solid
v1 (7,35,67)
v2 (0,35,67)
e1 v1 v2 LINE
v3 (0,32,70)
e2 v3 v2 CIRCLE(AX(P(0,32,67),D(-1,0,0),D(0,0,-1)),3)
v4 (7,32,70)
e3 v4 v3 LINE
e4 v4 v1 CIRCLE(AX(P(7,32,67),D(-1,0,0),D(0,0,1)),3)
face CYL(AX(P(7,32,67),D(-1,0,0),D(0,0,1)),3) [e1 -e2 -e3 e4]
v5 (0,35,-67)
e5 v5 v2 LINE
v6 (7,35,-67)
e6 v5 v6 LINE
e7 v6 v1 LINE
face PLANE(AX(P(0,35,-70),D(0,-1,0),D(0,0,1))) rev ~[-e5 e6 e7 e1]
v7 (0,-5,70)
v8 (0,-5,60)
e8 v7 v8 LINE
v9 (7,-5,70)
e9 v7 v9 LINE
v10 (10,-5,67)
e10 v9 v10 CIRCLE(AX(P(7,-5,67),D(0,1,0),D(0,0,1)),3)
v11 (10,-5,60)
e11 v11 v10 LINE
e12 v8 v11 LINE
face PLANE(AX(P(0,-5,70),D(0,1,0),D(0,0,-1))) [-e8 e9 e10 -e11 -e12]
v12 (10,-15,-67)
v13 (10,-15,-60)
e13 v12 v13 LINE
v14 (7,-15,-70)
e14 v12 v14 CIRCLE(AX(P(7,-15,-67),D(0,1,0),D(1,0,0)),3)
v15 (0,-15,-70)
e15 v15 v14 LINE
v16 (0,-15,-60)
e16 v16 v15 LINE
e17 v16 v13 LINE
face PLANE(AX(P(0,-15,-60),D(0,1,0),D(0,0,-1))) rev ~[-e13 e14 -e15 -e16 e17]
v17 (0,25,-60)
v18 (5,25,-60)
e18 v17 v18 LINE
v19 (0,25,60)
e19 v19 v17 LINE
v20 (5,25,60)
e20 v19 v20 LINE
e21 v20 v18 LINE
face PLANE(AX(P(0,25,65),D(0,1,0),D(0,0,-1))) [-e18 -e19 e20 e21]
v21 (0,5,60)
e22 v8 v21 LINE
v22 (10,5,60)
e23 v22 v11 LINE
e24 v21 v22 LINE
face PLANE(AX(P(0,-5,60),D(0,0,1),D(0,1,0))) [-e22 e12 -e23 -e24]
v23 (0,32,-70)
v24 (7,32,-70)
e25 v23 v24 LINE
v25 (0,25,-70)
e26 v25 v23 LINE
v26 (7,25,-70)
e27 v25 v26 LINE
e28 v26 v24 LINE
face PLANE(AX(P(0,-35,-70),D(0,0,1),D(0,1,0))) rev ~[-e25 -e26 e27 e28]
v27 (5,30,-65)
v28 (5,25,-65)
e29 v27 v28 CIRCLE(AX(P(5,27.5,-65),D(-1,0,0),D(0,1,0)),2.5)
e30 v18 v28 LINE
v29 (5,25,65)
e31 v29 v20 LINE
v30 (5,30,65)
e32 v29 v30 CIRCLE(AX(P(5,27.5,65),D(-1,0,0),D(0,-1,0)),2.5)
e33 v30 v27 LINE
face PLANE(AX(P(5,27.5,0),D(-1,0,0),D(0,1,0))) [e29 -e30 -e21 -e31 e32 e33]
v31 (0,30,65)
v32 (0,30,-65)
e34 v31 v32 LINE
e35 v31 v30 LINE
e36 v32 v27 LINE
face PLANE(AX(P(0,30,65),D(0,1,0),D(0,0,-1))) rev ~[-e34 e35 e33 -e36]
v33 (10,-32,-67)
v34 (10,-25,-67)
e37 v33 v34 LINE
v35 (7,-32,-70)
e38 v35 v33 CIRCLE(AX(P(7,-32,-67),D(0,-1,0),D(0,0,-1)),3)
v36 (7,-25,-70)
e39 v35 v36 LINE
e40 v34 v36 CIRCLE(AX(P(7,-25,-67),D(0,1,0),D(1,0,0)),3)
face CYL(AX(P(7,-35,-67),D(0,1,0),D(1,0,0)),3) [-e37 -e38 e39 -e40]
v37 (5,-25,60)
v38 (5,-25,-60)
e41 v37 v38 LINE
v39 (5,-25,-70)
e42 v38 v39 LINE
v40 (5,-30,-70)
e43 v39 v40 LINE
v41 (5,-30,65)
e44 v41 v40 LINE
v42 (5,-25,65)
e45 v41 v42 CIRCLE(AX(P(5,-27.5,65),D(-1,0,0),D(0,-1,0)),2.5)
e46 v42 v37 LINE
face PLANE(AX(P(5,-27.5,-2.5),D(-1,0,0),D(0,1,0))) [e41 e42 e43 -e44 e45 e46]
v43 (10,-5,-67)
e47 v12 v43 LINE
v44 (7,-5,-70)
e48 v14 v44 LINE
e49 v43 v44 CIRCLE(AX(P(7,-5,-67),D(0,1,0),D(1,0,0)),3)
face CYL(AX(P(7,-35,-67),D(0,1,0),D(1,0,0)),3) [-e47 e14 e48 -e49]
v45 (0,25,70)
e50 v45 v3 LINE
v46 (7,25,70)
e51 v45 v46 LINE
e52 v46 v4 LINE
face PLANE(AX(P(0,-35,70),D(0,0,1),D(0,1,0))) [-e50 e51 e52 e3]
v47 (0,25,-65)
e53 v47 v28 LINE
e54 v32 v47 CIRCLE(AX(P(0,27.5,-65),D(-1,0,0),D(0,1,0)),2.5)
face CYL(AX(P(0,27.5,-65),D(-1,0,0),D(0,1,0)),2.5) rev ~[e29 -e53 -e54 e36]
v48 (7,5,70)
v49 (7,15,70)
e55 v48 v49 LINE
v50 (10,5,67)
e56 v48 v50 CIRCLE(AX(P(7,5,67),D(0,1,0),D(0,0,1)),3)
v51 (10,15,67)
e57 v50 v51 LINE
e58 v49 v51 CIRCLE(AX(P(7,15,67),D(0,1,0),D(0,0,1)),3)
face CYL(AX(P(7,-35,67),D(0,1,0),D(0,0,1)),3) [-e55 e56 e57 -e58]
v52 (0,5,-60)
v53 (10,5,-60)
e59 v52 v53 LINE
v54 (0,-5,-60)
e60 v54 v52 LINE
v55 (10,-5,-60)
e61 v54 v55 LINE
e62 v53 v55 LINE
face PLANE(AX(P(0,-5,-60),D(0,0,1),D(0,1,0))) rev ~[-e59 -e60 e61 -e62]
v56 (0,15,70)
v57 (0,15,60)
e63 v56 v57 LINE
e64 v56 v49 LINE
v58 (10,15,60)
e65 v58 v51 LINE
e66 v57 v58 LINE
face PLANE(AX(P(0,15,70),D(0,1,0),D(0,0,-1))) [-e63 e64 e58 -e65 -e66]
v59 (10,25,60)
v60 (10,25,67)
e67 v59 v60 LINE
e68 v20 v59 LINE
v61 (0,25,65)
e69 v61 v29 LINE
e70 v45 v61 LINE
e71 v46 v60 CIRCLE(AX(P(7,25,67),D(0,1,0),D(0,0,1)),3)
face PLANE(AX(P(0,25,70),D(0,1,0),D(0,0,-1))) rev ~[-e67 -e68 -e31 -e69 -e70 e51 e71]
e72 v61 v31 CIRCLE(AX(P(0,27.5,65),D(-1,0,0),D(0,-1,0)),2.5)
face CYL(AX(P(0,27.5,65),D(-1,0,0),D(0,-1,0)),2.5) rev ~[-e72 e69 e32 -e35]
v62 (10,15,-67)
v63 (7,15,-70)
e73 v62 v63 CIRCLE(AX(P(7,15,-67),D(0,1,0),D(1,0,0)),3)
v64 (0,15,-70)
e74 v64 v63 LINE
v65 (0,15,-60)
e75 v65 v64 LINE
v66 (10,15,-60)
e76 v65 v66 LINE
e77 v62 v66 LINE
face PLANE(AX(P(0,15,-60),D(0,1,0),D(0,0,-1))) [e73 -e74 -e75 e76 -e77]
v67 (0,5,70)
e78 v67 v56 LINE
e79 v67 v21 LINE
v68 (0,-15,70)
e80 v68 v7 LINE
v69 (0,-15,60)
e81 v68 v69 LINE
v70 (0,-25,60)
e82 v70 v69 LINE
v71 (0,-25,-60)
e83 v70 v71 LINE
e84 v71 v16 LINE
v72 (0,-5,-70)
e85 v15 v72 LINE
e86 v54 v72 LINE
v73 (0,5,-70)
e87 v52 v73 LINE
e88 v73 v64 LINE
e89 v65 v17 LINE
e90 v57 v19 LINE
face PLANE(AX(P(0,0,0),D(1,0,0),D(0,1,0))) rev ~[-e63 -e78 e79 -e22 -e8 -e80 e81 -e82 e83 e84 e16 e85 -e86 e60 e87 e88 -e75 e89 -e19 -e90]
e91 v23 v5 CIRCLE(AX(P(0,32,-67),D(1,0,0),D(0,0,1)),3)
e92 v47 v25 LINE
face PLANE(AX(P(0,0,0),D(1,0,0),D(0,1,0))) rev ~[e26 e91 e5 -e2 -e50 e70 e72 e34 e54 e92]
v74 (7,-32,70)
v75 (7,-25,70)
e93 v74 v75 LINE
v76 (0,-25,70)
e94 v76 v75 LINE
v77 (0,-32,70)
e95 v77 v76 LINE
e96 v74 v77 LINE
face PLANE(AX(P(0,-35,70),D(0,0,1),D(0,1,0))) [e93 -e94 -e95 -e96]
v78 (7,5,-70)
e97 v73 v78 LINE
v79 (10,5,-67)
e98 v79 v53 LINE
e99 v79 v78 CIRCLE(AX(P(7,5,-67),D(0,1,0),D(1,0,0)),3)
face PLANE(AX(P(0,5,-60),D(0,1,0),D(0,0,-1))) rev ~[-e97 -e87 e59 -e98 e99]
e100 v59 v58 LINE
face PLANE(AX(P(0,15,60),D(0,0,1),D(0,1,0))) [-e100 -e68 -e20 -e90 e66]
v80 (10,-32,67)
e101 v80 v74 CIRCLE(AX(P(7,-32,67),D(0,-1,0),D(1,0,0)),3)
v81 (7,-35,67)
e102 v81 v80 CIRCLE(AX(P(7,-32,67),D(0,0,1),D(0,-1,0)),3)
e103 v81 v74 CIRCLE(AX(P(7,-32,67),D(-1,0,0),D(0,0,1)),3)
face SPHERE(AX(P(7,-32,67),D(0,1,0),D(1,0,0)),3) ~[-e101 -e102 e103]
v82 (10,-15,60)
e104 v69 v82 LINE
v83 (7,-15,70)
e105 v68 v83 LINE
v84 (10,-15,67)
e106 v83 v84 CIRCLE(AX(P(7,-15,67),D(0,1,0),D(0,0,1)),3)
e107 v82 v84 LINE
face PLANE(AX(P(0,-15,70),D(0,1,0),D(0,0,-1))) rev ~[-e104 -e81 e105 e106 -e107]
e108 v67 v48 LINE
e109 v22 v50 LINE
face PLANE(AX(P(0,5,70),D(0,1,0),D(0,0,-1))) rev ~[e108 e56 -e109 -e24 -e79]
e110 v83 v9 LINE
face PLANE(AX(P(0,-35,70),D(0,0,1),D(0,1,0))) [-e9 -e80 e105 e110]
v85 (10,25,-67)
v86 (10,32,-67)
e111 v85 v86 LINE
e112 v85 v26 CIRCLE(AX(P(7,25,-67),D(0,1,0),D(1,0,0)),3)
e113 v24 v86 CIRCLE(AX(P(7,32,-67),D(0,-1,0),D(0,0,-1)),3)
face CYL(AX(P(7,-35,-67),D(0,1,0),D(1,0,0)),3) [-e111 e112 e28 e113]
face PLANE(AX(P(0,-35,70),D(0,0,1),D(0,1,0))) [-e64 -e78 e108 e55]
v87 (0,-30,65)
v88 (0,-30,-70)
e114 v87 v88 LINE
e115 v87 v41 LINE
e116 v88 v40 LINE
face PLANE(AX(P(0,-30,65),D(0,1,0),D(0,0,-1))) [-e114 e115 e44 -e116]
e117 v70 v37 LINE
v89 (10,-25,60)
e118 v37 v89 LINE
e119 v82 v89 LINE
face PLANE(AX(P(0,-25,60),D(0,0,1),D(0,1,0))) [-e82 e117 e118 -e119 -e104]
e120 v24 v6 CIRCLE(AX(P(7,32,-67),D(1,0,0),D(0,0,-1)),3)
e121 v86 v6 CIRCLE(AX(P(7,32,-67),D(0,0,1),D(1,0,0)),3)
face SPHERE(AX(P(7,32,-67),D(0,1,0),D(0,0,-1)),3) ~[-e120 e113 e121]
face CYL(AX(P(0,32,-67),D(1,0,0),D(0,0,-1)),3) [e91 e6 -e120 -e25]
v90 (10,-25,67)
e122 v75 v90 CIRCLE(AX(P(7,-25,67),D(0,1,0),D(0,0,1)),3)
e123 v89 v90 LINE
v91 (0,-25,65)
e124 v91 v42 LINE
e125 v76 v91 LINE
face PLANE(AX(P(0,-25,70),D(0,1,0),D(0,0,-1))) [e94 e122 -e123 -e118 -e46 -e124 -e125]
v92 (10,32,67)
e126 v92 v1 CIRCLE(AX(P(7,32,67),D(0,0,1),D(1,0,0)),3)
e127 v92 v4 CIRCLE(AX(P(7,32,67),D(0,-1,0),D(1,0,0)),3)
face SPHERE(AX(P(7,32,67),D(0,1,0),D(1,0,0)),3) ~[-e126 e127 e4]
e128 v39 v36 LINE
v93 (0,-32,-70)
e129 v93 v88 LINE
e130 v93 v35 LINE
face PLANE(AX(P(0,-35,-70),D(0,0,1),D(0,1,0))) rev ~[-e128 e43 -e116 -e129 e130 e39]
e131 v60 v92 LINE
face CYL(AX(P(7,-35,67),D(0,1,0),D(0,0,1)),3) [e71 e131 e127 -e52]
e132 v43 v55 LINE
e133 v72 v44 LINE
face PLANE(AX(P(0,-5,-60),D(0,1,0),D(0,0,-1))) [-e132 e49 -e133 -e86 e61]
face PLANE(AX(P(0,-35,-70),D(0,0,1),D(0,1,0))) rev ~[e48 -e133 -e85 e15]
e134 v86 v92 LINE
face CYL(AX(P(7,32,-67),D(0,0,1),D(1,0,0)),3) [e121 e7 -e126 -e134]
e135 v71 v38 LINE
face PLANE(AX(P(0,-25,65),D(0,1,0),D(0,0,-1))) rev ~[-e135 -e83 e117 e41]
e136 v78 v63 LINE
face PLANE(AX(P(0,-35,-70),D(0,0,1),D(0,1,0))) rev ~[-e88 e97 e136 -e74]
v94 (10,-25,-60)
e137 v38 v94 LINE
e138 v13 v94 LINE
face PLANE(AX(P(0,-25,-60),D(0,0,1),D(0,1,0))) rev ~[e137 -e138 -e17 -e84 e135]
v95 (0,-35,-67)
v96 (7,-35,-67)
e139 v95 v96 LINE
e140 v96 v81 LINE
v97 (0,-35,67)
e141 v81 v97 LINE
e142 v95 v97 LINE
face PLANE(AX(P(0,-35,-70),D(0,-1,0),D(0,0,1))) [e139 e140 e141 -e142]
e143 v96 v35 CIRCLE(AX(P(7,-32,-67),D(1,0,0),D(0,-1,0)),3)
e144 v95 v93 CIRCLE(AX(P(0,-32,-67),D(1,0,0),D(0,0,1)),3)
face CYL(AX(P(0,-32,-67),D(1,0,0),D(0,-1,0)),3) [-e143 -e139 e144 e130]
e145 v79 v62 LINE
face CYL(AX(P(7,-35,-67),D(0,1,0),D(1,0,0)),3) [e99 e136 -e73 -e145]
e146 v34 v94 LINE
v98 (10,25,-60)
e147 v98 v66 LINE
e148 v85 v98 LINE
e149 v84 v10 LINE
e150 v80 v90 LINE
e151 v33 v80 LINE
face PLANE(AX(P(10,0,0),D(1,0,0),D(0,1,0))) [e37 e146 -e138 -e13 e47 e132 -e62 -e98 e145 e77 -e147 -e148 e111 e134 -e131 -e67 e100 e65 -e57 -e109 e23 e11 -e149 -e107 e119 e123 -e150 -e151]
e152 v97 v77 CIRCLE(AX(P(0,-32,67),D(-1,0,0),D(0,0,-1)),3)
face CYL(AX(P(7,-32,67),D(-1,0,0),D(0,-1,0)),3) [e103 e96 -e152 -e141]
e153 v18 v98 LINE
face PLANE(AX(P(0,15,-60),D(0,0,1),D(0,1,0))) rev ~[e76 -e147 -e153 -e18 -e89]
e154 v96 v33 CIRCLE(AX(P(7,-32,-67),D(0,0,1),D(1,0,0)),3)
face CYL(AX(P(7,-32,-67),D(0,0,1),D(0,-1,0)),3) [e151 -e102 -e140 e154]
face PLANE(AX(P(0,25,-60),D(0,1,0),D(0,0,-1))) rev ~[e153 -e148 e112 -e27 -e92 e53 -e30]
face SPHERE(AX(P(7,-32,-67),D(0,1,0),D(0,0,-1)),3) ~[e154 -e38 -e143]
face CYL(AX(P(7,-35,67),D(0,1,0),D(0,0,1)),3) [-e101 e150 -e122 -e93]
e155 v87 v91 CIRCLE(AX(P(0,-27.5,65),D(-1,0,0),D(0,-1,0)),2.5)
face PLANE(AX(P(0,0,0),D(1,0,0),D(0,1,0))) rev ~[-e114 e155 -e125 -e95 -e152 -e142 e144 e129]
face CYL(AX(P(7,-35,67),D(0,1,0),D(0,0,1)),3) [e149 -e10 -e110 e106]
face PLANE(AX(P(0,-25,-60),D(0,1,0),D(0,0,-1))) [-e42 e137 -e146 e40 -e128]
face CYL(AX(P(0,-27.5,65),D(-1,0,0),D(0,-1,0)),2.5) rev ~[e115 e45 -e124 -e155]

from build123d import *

# Parameters (mm, degrees)
SKETCH_W        = 70
SKETCH_H        = 140
PAD_DEPTH       = 10
FILLET_R        = 3
FILLET001_R     = 3
SKETCH001_W     = 10
SKETCH001_H     = 10
POCKET_DEPTH    = 10.001
POCKET001_DEPTH = 5
FILLET002_R     = 3
FILLET003_R     = 3


with BuildPart() as part:
    # Sketch → Pad (new body)
    with BuildSketch(Plane.YZ):
        Rectangle(SKETCH_W, SKETCH_H)
    extrude(amount=PAD_DEPTH)

    # Fillet
    fillet_edges = [part.edges().sort_by_distance(p)[0] for p in [
        (10, 0, 70),
    ]]
    fillet(fillet_edges, radius=FILLET_R)

    # Fillet001
    fillet001_edges = [part.edges().sort_by_distance(p)[0] for p in [
        (10, 0, -70),
    ]]
    fillet(fillet001_edges, radius=FILLET001_R)

    # Sketch001 (on Face7 of Fillet001) → Pocket (cut, through all)
    with BuildSketch(Plane(origin=(0, 0, 0), x_dir=(0, 1, 0), z_dir=(-1, 0, 0))):
        with Locations((-20, 65)):
            Rectangle(SKETCH001_W, SKETCH001_H)
        with Locations((0, 65)):
            Rectangle(SKETCH001_W, SKETCH001_H)
        with Locations((20, 65)):
            Rectangle(SKETCH001_W, SKETCH001_H)
        with Locations((-20, -65)):
            Rectangle(SKETCH001_W, SKETCH001_H)
        with Locations((0, -65)):
            Rectangle(SKETCH001_W, SKETCH001_H)
        with Locations((20, -65)):
            Rectangle(SKETCH001_W, SKETCH001_H)
    extrude(amount=-POCKET_DEPTH, mode=Mode.SUBTRACT)

    # Sketch002 (on Face7 of Pocket) → Pocket001 (cut)
    with BuildSketch(Plane(origin=(0, 0, 0), x_dir=(0, 1, 0), z_dir=(-1, 0, 0))):
        with BuildLine():
            ThreePointArc((25, -65), (27.5, -67.5), (30, -65))
            Line((30, -65), (30, 65))
            ThreePointArc((30, 65), (27.5, 67.5), (25, 65))
            Line((25, -65), (25, 65))
        make_face()
        with BuildLine():
            ThreePointArc((-30, -65), (-27.5, -67.5), (-25, -65))
            Line((-25, -65), (-25, 70))
            ThreePointArc((-25, 70), (-27.5, 72.5), (-30, 70))
            Line((-30, -65), (-30, 70))
        make_face()
    extrude(amount=-POCKET001_DEPTH, mode=Mode.SUBTRACT)

    # Fillet002
    fillet002_edges = [part.edges().sort_by_distance(p)[0] for p in [
        (10, -35, 0),
    ]]
    fillet(fillet002_edges, radius=FILLET002_R)

    # Fillet003
    fillet003_edges = [part.edges().sort_by_distance(p)[0] for p in [
        (10, 35, 0),
    ]]
    fillet(fillet003_edges, radius=FILLET003_R)


solid = part.part
